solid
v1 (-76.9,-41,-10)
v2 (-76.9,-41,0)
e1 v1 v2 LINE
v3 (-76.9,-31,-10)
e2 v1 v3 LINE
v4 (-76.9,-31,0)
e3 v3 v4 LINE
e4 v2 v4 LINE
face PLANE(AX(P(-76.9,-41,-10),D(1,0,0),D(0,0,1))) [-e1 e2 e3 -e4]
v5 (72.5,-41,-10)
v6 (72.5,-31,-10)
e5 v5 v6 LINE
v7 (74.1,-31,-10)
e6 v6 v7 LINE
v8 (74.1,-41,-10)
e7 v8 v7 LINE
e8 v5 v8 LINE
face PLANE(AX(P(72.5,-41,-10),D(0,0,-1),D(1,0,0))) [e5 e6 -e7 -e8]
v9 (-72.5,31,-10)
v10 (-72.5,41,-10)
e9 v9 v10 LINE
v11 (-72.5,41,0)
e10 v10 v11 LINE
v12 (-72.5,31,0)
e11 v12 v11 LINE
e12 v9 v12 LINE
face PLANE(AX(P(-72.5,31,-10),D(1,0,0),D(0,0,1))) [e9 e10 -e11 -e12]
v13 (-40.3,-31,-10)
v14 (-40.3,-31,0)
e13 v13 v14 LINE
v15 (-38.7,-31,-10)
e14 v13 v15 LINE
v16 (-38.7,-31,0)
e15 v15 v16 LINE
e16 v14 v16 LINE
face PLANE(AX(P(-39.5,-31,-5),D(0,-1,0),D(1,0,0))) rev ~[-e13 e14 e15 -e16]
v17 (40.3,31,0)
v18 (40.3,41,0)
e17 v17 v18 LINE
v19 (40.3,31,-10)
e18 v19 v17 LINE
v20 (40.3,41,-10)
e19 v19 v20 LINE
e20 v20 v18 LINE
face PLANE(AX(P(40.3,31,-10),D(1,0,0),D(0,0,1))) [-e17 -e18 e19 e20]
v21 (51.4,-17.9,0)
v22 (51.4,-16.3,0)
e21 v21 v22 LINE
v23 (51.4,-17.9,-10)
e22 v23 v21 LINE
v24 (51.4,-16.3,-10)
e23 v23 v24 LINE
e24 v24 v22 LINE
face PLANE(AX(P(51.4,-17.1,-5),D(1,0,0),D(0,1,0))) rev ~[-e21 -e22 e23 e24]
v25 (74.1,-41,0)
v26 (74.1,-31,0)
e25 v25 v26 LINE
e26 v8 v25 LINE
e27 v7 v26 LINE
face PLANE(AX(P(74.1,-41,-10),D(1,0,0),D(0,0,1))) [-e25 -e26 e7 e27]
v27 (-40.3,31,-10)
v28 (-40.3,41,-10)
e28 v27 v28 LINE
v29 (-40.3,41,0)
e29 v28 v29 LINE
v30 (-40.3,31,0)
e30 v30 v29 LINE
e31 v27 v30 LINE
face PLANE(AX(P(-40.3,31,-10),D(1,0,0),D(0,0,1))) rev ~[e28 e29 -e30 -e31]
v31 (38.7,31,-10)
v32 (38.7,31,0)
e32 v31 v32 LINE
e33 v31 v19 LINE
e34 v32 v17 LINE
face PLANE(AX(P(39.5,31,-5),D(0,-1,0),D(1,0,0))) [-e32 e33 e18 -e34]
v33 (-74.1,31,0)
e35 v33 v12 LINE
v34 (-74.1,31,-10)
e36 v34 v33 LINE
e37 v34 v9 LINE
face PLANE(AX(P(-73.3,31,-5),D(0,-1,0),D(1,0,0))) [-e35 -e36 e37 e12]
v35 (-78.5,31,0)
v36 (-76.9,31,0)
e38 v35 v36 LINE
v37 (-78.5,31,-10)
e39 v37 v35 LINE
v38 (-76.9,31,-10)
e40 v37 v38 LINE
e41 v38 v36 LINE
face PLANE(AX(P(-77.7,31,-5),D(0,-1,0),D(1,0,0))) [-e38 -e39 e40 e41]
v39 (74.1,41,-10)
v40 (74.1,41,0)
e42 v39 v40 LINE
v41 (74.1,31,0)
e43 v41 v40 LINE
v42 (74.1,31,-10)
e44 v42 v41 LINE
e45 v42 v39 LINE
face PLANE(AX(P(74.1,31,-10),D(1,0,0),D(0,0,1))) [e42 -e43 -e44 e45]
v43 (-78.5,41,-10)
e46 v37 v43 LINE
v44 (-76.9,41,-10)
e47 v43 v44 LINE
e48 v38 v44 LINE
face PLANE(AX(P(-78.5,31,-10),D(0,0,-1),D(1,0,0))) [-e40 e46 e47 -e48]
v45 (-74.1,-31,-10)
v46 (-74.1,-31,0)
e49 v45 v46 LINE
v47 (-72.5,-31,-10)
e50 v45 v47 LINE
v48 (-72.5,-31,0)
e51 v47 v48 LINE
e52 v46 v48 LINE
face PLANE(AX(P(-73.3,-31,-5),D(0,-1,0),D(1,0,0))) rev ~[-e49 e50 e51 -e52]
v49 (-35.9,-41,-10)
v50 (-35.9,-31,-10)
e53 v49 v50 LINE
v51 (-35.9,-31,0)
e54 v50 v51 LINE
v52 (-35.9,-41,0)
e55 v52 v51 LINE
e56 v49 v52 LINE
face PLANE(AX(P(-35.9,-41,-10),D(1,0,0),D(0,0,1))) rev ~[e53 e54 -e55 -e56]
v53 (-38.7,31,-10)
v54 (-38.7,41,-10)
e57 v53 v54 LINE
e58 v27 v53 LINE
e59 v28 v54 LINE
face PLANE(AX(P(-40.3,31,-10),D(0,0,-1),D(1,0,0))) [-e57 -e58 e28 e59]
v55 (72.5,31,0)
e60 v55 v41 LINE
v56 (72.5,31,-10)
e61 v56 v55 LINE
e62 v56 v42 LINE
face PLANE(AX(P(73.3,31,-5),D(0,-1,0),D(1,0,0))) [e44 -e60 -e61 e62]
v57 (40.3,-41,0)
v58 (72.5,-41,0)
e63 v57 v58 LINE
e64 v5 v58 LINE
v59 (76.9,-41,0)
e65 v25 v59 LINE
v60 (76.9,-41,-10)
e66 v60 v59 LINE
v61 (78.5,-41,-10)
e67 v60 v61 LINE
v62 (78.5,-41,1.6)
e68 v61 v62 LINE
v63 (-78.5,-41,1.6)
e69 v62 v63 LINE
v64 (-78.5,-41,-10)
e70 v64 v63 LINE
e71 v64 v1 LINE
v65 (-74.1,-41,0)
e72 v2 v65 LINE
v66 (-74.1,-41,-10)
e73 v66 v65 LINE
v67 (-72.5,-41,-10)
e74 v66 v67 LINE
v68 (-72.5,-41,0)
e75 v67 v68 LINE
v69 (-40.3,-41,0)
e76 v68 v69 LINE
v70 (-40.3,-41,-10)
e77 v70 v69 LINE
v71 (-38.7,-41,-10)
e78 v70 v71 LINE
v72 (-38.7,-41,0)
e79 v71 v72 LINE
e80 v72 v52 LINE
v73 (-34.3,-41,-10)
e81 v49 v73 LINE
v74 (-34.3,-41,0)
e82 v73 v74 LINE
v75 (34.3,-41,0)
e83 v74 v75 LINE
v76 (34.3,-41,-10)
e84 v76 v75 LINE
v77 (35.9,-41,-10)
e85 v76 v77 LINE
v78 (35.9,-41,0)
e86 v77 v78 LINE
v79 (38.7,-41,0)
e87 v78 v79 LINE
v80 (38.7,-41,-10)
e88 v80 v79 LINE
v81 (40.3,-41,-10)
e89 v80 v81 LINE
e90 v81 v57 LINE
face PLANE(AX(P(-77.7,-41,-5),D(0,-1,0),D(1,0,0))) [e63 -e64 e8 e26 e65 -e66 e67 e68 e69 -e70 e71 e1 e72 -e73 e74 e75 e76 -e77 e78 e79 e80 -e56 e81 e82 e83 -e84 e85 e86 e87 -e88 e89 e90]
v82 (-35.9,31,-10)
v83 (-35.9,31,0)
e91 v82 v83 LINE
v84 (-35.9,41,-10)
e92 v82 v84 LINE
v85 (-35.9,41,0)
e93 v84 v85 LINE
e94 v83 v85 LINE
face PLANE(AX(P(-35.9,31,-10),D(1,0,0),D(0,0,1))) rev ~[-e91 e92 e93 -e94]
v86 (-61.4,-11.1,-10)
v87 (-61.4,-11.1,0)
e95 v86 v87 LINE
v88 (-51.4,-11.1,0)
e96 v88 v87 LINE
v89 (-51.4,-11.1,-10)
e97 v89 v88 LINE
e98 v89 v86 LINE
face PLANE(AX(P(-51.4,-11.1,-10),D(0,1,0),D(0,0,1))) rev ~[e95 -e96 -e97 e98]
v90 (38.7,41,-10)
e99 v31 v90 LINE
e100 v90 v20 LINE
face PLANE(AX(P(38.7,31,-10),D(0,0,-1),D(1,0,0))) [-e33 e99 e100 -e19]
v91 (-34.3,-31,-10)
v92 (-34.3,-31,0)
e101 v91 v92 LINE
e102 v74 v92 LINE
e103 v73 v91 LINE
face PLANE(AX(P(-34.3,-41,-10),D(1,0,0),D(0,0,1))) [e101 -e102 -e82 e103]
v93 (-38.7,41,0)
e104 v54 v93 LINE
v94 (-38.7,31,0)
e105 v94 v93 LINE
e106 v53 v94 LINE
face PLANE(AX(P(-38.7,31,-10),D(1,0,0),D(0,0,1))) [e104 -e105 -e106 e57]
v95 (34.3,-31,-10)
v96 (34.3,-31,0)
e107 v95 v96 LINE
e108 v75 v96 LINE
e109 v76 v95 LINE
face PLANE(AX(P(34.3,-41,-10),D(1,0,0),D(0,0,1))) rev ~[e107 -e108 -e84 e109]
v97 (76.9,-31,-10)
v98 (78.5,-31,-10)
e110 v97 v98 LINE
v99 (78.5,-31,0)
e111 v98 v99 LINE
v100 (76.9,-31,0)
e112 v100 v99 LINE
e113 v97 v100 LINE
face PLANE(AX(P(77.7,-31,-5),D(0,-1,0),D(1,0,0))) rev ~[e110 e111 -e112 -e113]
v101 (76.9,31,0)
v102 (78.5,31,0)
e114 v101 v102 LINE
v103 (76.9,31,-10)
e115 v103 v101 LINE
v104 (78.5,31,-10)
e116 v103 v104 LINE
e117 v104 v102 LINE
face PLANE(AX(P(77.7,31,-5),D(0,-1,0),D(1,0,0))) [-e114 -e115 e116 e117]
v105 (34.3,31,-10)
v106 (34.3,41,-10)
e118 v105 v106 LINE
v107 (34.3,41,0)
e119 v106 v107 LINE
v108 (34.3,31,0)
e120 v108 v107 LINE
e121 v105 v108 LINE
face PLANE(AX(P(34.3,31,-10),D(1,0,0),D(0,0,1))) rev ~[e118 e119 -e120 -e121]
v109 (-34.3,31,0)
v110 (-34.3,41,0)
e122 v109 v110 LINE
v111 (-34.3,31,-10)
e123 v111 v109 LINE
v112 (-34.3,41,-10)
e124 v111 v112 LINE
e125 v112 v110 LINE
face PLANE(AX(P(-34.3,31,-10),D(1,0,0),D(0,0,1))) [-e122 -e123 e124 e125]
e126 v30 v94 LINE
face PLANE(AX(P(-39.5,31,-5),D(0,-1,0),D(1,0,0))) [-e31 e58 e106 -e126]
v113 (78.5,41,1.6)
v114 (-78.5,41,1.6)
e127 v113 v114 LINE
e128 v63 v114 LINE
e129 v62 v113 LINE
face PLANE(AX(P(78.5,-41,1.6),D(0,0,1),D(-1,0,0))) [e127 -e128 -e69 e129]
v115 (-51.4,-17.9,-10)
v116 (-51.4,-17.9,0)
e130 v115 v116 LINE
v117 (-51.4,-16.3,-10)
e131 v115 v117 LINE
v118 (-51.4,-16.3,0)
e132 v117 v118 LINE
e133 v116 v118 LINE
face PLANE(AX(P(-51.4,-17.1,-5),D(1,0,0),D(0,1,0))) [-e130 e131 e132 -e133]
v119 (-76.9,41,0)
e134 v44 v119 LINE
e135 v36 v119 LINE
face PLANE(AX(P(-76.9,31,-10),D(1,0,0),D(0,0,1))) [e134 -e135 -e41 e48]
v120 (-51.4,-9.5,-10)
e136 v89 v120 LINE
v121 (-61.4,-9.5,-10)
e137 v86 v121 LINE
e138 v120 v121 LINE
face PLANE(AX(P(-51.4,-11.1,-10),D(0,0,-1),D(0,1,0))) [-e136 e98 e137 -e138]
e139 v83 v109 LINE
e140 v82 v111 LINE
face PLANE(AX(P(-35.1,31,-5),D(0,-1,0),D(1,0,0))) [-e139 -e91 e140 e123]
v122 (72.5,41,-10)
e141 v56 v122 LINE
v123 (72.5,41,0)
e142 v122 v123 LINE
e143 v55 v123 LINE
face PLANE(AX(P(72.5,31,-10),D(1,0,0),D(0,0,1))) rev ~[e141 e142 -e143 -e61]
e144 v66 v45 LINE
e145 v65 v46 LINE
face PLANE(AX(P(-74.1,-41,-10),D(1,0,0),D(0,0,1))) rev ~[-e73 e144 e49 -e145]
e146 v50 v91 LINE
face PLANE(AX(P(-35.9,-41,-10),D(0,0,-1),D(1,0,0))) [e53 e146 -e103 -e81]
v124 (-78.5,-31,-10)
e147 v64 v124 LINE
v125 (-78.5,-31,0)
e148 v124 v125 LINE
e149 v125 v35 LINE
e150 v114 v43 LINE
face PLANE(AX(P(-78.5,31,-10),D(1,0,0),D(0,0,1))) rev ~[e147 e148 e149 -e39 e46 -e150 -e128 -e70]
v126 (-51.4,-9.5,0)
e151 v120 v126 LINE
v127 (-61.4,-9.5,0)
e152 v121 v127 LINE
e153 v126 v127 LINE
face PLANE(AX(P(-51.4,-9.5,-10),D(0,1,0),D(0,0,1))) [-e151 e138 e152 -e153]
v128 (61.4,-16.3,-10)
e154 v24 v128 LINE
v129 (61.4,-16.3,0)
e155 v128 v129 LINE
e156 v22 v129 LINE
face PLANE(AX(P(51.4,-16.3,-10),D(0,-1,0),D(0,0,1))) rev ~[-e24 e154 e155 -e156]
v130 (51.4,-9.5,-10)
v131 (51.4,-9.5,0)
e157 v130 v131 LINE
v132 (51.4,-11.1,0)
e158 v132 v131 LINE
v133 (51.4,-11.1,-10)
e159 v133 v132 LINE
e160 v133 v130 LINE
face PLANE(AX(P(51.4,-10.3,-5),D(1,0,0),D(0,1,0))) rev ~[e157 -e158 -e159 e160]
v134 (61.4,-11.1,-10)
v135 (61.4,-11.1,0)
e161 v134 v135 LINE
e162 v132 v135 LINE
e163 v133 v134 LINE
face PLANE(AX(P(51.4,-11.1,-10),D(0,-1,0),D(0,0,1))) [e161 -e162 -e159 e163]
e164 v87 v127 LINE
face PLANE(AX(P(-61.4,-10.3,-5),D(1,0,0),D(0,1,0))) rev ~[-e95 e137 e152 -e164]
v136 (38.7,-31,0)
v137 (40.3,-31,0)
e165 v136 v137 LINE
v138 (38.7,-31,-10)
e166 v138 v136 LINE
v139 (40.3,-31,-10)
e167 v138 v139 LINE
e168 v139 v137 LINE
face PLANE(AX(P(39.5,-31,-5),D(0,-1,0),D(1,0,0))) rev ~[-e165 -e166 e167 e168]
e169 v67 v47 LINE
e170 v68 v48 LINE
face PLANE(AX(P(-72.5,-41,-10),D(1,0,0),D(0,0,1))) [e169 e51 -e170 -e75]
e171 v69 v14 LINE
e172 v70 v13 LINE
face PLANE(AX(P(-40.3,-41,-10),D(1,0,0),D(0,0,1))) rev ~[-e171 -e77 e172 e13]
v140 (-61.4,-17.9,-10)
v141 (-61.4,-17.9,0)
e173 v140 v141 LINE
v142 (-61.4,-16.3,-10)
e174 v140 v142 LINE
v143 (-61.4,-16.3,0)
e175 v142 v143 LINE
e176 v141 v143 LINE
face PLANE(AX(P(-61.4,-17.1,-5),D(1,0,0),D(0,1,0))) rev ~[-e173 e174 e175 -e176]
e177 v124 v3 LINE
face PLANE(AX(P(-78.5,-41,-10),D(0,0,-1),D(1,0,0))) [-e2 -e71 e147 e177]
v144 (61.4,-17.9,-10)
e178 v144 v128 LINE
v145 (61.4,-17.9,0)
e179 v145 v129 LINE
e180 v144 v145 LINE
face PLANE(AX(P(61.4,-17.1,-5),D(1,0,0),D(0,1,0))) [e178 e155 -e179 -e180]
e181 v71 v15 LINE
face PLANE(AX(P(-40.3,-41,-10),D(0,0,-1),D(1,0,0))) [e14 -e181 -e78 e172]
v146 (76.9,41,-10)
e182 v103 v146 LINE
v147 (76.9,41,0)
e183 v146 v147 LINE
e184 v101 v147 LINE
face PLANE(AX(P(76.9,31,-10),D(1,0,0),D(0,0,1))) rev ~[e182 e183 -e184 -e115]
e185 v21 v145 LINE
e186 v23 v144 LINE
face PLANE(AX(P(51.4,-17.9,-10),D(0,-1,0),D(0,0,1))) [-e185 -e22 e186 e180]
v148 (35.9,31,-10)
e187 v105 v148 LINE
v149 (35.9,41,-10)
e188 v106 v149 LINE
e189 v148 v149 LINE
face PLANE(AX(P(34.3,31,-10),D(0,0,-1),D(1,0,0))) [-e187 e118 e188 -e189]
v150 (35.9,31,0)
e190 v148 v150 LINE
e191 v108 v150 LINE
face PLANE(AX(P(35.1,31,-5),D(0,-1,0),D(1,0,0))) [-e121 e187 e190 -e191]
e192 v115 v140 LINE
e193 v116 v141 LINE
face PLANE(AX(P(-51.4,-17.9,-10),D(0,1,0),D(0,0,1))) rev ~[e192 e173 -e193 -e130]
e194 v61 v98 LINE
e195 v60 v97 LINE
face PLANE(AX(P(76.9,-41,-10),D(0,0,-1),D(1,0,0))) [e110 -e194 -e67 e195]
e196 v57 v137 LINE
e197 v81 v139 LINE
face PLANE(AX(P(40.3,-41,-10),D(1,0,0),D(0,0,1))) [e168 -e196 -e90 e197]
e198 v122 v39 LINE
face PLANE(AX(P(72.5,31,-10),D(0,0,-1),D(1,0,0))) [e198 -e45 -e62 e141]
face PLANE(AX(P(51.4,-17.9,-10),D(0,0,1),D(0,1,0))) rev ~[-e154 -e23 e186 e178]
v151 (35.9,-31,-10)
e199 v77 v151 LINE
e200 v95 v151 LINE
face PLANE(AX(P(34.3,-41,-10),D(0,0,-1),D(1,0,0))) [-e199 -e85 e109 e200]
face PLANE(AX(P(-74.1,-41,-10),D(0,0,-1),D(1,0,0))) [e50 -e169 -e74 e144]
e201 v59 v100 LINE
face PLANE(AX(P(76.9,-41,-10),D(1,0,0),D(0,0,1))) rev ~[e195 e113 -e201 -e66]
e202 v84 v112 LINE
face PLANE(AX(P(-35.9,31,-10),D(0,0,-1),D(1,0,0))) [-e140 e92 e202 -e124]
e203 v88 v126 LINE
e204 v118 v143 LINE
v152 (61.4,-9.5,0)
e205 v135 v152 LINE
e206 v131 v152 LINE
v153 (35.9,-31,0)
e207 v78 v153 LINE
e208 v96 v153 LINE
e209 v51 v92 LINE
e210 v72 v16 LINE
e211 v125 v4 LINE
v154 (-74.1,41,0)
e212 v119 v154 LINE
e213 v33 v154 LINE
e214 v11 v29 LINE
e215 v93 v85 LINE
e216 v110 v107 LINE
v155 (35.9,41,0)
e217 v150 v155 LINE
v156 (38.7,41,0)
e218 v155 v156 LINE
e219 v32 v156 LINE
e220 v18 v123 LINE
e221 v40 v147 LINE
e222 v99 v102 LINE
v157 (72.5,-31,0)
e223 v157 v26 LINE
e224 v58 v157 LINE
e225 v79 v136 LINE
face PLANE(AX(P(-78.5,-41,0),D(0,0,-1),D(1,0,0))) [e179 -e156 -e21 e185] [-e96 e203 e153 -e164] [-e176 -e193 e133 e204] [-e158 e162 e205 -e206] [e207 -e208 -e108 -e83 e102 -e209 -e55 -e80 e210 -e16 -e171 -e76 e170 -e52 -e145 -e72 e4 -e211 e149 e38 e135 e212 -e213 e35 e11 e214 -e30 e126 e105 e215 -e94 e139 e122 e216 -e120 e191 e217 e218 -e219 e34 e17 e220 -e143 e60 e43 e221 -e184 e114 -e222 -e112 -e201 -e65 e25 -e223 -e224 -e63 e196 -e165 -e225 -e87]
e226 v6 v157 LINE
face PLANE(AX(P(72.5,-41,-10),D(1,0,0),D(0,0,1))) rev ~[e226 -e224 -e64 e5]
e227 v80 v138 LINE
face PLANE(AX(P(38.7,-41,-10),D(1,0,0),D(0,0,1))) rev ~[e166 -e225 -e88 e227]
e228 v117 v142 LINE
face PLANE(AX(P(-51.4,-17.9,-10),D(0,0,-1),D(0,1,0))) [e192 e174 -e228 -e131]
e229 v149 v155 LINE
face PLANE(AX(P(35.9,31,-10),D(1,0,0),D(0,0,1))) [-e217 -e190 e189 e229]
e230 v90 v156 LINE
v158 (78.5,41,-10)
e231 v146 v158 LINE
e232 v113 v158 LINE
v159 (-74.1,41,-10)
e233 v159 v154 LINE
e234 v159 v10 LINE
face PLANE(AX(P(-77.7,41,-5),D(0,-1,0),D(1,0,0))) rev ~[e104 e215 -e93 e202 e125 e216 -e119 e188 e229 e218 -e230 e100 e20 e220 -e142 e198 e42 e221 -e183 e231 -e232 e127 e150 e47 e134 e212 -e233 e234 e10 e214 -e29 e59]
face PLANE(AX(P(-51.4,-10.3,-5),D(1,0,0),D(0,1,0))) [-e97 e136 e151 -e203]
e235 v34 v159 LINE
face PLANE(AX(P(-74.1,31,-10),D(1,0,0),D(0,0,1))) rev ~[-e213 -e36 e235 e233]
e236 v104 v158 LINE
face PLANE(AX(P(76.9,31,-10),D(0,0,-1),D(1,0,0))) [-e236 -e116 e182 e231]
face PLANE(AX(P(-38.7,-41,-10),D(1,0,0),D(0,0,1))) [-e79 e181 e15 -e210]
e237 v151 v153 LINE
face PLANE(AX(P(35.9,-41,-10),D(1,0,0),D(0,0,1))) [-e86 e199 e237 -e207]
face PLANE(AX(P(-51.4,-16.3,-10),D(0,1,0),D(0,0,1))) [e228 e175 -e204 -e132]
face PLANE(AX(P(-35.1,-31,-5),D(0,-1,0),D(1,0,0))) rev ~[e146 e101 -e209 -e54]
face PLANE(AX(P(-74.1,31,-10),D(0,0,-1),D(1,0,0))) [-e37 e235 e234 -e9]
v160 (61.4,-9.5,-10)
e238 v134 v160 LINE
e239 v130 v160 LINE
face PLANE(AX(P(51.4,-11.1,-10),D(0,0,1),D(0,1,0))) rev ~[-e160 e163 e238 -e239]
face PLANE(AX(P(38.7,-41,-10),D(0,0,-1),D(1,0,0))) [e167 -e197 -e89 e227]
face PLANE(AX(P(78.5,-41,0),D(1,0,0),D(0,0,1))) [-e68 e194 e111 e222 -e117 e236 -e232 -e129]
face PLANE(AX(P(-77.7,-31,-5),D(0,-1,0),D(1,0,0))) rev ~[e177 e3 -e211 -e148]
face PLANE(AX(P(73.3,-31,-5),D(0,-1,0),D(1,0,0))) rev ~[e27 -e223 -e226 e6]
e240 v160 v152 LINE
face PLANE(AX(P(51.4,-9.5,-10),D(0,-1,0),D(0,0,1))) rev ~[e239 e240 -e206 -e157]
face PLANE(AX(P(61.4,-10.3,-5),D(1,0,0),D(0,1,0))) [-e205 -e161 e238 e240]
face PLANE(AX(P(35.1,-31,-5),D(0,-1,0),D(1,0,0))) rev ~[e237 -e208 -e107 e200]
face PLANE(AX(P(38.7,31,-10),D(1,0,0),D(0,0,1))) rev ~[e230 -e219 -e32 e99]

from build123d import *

# Parameters (mm, degrees)
F2_DEPTH = 82
F1_W     = 1.6
F1_H     = 10
F3_DEPTH = 10
F4_START = -72
F4_DEPTH = 10
F6_W     = 1.6
F6_H     = 10
F7_DEPTH = 10
F8_START = 102.8
F8_DEPTH = 10


with BuildPart() as f2:
    # F1 (on offset) → F2 (new body)
    with BuildSketch(Plane.XZ.offset(41)):
        Polygon((78.5, 0), (78.5, 1.6), (-78.5, 1.6), (-78.5, 0), (-76.9, 0), (-74.1, 0), (-72.5, 0), (-40.3, 0), (-38.7, 0), (-35.9, 0), (-34.3, 0), (34.3, 0), (35.9, 0), (38.7, 0), (40.3, 0), (72.5, 0), (74.1, 0), (76.9, 0), align=None)
    extrude(amount=-F2_DEPTH)

    # F1 (on offset) → F3 (join)
    with BuildSketch(Plane.XZ.offset(41)):
        with Locations((-77.7, -5)):
            Rectangle(F1_W, F1_H)
        with Locations((-73.3, -5)):
            Rectangle(F1_W, F1_H)
        with Locations((-39.5, -5)):
            Rectangle(F1_W, F1_H)
        with Locations((-35.1, -5)):
            Rectangle(F1_W, F1_H)
        with Locations((35.1, -5)):
            Rectangle(F1_W, F1_H)
        with Locations((39.5, -5)):
            Rectangle(F1_W, F1_H)
        with Locations((73.3, -5)):
            Rectangle(F1_W, F1_H)
        with Locations((77.7, -5)):
            Rectangle(F1_W, F1_H)
    extrude(amount=-F3_DEPTH)

    # F1 (on offset) → F4 (join)
    with BuildSketch(Plane.XZ.offset(41).offset(F4_START)):
        with Locations((-77.7, -5)):
            Rectangle(F1_W, F1_H)
        with Locations((-73.3, -5)):
            Rectangle(F1_W, F1_H)
        with Locations((-39.5, -5)):
            Rectangle(F1_W, F1_H)
        with Locations((-35.1, -5)):
            Rectangle(F1_W, F1_H)
        with Locations((39.5, -5)):
            Rectangle(F1_W, F1_H)
        with Locations((35.1, -5)):
            Rectangle(F1_W, F1_H)
        with Locations((73.3, -5)):
            Rectangle(F1_W, F1_H)
        with Locations((77.7, -5)):
            Rectangle(F1_W, F1_H)
    extrude(amount=-F4_DEPTH)

    # F6 (on offset) → F7 (join)
    with BuildSketch(Plane.YZ.offset(-51.4)):
        with Locations((-10.3, -5)):
            Rectangle(F6_W, F6_H)
        with Locations((-17.1, -5)):
            Rectangle(F6_W, F6_H)
    extrude(amount=-F7_DEPTH)

    # F6 (on offset) → F8 (join)
    with BuildSketch(Plane.YZ.offset(-51.4).offset(F8_START)):
        with Locations((-10.3, -5)):
            Rectangle(F6_W, F6_H)
        with Locations((-17.1, -5)):
            Rectangle(F6_W, F6_H)
    extrude(amount=F8_DEPTH)


solid = f2.part
